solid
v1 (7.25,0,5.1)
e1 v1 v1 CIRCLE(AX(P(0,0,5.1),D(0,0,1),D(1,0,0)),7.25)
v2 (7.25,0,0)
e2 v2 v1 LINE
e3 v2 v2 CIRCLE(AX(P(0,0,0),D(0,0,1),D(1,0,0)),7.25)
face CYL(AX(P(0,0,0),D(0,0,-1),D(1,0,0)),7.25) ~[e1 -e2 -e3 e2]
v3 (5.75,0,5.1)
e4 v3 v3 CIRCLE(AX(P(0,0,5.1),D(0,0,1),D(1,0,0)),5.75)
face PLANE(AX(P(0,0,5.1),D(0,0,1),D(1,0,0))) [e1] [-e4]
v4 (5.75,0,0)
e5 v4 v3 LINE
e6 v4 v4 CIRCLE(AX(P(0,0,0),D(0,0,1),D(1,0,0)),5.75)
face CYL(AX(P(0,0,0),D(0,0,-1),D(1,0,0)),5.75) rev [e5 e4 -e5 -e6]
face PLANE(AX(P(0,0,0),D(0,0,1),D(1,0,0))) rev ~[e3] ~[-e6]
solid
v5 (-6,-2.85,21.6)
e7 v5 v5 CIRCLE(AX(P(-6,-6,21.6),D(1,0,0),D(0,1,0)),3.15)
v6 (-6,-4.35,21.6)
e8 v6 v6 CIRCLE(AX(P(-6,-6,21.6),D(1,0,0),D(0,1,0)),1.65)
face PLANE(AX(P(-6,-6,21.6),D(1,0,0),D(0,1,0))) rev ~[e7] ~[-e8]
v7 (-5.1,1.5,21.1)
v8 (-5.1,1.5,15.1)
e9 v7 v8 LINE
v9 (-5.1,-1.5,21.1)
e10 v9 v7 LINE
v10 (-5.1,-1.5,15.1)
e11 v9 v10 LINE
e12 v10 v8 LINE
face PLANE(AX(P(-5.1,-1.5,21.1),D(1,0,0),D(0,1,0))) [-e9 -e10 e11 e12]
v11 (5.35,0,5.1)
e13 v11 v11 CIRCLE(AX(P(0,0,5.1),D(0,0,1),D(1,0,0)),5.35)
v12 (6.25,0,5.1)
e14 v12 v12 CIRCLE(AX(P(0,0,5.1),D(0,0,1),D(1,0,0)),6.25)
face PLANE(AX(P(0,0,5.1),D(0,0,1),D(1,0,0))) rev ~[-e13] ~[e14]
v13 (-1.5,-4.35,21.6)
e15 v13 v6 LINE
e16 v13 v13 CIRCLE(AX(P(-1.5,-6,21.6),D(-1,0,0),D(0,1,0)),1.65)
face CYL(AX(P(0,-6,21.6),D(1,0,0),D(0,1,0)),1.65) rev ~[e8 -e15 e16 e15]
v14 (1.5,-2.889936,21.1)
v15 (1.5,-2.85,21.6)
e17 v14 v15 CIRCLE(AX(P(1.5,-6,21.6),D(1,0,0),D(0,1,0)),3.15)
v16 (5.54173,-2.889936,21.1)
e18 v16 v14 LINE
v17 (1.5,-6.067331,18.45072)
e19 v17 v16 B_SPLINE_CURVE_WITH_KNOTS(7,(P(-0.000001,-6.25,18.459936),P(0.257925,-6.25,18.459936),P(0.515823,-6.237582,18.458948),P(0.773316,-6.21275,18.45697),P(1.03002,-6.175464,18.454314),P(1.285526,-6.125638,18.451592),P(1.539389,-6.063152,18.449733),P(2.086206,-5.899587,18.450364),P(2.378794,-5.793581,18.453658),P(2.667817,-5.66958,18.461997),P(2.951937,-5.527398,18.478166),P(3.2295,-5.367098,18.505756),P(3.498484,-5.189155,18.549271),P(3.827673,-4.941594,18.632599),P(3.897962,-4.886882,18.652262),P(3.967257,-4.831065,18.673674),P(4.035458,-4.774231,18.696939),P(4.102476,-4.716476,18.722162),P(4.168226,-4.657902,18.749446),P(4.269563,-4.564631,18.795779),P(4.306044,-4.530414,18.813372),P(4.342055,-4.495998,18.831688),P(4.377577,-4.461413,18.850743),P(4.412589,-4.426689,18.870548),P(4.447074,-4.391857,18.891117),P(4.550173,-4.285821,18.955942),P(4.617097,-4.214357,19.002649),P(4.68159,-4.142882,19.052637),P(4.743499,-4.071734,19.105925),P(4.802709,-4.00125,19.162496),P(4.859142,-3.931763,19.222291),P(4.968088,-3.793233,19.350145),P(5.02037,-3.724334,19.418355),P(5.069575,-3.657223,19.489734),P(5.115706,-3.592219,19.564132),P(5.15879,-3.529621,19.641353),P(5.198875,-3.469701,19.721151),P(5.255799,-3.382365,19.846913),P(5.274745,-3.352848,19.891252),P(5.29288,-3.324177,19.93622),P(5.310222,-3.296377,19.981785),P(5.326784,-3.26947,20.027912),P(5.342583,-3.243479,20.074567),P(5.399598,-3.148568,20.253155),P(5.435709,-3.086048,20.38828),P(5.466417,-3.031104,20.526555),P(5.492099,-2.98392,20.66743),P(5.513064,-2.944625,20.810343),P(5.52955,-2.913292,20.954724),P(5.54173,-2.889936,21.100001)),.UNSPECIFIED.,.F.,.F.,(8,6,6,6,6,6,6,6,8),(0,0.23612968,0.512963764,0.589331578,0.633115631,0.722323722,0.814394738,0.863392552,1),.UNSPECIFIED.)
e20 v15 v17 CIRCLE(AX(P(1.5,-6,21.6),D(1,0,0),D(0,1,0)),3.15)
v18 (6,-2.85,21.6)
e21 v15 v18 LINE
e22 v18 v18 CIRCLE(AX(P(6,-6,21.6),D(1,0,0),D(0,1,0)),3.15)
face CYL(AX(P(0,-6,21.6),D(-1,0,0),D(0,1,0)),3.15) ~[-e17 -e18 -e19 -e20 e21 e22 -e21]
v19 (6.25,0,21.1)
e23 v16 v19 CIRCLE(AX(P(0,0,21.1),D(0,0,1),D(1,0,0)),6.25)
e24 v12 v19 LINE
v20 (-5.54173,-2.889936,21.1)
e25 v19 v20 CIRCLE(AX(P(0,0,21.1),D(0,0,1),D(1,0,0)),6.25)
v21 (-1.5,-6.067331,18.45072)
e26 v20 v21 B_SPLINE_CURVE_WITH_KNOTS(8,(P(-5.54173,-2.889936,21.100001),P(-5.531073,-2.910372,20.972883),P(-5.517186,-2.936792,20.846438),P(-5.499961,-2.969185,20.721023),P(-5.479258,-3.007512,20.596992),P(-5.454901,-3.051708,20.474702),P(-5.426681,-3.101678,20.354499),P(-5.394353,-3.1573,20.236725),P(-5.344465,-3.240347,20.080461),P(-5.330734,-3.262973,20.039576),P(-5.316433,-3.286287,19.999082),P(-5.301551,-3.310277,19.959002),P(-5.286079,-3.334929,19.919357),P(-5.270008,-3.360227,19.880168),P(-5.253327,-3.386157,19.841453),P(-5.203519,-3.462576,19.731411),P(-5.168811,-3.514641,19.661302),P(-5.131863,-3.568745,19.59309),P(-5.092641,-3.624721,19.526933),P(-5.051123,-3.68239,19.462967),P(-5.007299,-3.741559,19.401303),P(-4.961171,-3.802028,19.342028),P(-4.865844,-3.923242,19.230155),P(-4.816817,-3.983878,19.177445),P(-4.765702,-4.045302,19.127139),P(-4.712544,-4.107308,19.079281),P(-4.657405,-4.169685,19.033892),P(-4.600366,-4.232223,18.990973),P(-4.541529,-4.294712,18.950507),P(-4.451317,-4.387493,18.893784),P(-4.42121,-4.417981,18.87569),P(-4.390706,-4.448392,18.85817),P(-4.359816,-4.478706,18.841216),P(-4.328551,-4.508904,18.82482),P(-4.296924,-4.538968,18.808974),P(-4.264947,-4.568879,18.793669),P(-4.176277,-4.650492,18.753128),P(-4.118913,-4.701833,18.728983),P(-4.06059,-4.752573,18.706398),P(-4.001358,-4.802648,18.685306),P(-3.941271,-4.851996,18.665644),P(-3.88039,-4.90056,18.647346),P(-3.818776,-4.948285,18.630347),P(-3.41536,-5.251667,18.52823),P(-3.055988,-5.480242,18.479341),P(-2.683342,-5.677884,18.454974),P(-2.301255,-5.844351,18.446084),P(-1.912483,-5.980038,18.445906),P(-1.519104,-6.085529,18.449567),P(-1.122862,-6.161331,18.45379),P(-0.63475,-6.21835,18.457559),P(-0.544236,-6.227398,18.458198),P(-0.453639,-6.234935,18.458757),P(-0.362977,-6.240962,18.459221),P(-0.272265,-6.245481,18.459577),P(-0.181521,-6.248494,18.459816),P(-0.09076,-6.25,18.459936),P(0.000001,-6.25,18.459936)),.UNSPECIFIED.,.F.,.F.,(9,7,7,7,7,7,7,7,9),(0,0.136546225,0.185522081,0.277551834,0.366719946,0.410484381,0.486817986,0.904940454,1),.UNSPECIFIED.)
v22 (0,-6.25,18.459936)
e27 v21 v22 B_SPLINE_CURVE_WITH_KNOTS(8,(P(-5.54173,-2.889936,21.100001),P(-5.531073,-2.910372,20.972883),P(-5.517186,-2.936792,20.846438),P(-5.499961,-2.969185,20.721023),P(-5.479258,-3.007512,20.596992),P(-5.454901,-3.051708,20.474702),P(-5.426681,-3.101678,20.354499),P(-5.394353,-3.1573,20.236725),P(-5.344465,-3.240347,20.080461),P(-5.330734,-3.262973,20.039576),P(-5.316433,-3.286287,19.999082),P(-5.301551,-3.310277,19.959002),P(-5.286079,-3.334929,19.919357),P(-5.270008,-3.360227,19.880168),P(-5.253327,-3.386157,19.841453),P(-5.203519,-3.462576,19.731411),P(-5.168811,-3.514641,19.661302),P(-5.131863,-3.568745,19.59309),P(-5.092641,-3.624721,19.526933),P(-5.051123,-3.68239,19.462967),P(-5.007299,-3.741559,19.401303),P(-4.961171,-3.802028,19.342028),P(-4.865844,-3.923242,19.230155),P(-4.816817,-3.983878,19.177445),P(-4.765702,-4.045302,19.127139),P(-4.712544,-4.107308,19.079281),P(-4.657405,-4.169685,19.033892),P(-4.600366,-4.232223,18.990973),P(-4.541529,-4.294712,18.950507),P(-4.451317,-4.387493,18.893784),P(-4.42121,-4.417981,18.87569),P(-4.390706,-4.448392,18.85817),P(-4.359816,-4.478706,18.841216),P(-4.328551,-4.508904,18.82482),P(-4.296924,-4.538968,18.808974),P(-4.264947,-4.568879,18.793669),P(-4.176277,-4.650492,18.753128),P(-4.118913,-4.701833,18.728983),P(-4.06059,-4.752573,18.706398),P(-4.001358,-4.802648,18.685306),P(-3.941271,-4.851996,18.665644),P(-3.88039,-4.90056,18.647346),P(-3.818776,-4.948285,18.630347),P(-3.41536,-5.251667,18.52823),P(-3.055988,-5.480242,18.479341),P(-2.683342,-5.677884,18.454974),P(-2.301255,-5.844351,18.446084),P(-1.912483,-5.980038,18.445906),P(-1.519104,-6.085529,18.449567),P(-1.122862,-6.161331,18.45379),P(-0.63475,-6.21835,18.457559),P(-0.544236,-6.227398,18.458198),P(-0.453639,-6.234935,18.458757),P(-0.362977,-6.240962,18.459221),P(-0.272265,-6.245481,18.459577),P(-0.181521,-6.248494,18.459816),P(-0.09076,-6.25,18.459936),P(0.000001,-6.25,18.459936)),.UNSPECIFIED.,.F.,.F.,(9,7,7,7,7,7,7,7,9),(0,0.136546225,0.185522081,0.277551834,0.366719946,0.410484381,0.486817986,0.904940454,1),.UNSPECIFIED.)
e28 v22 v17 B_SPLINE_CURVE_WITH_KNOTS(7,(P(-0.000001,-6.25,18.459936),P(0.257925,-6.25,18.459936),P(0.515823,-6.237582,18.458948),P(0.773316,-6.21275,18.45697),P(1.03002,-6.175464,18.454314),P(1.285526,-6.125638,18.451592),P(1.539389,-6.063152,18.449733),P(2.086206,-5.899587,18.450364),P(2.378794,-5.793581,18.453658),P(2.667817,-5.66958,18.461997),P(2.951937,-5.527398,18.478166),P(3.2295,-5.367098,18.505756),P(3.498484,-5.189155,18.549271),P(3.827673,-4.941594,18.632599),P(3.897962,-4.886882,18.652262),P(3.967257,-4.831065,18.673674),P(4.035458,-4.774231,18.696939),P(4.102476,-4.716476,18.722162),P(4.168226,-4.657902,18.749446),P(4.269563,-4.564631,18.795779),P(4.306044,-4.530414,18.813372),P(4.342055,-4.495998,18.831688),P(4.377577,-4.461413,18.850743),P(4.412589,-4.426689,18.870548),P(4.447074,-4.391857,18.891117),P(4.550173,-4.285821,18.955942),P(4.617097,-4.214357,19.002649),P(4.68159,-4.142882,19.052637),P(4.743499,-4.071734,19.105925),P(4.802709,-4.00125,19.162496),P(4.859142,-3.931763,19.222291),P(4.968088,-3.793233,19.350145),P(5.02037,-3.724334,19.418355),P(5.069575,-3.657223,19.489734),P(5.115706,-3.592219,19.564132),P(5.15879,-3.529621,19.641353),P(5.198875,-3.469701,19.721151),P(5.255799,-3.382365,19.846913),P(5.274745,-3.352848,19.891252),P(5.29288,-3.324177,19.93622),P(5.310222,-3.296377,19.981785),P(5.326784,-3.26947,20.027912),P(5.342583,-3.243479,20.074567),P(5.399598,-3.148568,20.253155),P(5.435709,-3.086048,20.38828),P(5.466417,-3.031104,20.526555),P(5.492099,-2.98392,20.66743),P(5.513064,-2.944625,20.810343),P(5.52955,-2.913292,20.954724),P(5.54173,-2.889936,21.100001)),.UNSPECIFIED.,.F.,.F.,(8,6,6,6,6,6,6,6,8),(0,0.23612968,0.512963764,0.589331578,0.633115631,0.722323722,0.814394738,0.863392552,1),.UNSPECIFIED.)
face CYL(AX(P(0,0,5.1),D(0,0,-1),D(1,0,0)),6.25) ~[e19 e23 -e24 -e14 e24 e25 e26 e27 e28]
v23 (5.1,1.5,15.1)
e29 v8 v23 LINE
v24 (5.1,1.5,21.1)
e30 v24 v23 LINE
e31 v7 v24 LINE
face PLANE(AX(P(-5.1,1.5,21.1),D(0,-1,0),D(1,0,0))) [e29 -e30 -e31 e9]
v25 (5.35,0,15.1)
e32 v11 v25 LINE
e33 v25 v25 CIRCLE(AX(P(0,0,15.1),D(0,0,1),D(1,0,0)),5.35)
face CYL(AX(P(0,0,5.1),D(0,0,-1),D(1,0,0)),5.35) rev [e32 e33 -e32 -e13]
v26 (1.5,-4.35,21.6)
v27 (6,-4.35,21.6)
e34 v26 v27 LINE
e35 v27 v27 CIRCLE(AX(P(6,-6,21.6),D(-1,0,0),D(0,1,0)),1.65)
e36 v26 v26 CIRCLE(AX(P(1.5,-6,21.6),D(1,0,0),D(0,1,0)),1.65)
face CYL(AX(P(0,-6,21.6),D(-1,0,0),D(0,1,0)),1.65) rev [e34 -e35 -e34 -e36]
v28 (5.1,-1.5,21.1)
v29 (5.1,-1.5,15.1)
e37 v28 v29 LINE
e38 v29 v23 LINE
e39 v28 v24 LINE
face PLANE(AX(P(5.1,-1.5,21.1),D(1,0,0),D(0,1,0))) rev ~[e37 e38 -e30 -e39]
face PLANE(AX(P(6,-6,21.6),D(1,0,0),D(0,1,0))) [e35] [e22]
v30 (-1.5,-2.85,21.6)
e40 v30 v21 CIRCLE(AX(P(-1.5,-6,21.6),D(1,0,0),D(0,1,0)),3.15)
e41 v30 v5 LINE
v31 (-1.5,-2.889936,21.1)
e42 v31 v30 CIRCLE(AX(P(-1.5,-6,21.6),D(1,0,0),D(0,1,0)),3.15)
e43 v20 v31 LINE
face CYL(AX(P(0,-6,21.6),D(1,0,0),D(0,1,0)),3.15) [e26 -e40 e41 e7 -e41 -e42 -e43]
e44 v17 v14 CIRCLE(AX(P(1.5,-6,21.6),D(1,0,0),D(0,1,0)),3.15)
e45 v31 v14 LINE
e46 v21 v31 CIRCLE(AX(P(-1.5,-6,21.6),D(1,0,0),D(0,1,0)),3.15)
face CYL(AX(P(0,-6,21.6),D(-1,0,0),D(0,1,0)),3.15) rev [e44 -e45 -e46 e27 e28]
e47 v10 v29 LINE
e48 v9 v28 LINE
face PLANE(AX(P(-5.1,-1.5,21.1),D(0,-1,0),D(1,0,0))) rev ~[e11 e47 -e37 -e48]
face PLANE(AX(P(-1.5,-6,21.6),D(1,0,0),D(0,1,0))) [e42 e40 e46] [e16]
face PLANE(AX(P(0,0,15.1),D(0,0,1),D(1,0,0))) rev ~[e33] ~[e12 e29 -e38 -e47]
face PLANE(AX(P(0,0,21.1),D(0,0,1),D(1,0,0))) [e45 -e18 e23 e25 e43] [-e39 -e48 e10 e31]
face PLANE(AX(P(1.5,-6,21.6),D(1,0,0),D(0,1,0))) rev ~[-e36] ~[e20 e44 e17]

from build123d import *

# Parameters (mm, degrees)
F0_R           = 7.25
F0_R_2         = 5.75
F1_DEPTH       = 5.1
F2_R           = 6.25
F2_R_2         = 5.75
F2_R_3         = 5.35
F3_DEPTH       = 16
F4_R           = 5.35
F4_R_2         = 0.6
F5_DEPTH       = 6
F6_W           = 10.2
F6_H           = 3
F6_R           = 0.6
F7_DEPTH       = 10
F8_R           = 3.15
F8_R_2         = 1.65
F9_DEPTH       = 6
F9_DEPTH_BACK  = 6
F10_DEPTH      = 1.5
F10_DEPTH_BACK = 1.5
F11_R          = 1.65
F12_DEPTH      = 25


with BuildPart() as f1:
    # F0 (on Top) → F1 (new body)
    with BuildSketch(Plane.XY):
        Circle(F0_R)
        Circle(F0_R_2, mode=Mode.SUBTRACT)
    extrude(amount=F1_DEPTH)


with BuildPart() as f3:
    # F2 (on face) → F3 (new body)
    with BuildSketch(Plane.XY.offset(5.1)):
        Circle(F2_R)
        Circle(F2_R_2, mode=Mode.SUBTRACT)
        Circle(F2_R_2)
        Circle(F2_R_3, mode=Mode.SUBTRACT)
    extrude(amount=F3_DEPTH)

    # F4 (on face) → F5 (join)
    with BuildSketch(Plane.XY.offset(21.1)):
        Circle(F4_R)
        Circle(F4_R_2, mode=Mode.SUBTRACT)
    extrude(amount=-F5_DEPTH)

    # F6 (on face) → F7 (cut)
    with BuildSketch(Plane.XY.offset(21.1)):
        Rectangle(F6_W, F6_H)
        Circle(F6_R, mode=Mode.SUBTRACT)
    extrude(amount=-F7_DEPTH, mode=Mode.SUBTRACT)

    # F8 (on Right) → F9 (join, two sides)
    with BuildSketch(Plane.YZ) as f9_sk:
        with Locations((-6, 21.6)):
            Circle(F8_R)
        with Locations((-6, 21.6)):
            Circle(F8_R_2, mode=Mode.SUBTRACT)
    extrude(amount=F9_DEPTH)
    extrude(f9_sk.sketch, amount=-F9_DEPTH_BACK)

    # F8 (on Right) → F10 (cut, two sides)
    with BuildSketch(Plane.YZ) as f10_sk:
        with Locations((-6, 21.6)):
            Circle(F8_R)
        with Locations((-6, 21.6)):
            Circle(F8_R_2, mode=Mode.SUBTRACT)
    extrude(amount=F10_DEPTH, mode=Mode.SUBTRACT)
    extrude(f10_sk.sketch, amount=-F10_DEPTH_BACK, mode=Mode.SUBTRACT)

    # F11 (on face) → F12 (cut)
    with BuildSketch(Plane(origin=(-6, 0, 0), x_dir=(0, -1, 0), z_dir=(-1, 0, 0))):
        with Locations((6, 21.6)):
            Circle(F11_R)
    extrude(amount=-F12_DEPTH, mode=Mode.SUBTRACT)


solid = Compound([f1.part, f3.part])
